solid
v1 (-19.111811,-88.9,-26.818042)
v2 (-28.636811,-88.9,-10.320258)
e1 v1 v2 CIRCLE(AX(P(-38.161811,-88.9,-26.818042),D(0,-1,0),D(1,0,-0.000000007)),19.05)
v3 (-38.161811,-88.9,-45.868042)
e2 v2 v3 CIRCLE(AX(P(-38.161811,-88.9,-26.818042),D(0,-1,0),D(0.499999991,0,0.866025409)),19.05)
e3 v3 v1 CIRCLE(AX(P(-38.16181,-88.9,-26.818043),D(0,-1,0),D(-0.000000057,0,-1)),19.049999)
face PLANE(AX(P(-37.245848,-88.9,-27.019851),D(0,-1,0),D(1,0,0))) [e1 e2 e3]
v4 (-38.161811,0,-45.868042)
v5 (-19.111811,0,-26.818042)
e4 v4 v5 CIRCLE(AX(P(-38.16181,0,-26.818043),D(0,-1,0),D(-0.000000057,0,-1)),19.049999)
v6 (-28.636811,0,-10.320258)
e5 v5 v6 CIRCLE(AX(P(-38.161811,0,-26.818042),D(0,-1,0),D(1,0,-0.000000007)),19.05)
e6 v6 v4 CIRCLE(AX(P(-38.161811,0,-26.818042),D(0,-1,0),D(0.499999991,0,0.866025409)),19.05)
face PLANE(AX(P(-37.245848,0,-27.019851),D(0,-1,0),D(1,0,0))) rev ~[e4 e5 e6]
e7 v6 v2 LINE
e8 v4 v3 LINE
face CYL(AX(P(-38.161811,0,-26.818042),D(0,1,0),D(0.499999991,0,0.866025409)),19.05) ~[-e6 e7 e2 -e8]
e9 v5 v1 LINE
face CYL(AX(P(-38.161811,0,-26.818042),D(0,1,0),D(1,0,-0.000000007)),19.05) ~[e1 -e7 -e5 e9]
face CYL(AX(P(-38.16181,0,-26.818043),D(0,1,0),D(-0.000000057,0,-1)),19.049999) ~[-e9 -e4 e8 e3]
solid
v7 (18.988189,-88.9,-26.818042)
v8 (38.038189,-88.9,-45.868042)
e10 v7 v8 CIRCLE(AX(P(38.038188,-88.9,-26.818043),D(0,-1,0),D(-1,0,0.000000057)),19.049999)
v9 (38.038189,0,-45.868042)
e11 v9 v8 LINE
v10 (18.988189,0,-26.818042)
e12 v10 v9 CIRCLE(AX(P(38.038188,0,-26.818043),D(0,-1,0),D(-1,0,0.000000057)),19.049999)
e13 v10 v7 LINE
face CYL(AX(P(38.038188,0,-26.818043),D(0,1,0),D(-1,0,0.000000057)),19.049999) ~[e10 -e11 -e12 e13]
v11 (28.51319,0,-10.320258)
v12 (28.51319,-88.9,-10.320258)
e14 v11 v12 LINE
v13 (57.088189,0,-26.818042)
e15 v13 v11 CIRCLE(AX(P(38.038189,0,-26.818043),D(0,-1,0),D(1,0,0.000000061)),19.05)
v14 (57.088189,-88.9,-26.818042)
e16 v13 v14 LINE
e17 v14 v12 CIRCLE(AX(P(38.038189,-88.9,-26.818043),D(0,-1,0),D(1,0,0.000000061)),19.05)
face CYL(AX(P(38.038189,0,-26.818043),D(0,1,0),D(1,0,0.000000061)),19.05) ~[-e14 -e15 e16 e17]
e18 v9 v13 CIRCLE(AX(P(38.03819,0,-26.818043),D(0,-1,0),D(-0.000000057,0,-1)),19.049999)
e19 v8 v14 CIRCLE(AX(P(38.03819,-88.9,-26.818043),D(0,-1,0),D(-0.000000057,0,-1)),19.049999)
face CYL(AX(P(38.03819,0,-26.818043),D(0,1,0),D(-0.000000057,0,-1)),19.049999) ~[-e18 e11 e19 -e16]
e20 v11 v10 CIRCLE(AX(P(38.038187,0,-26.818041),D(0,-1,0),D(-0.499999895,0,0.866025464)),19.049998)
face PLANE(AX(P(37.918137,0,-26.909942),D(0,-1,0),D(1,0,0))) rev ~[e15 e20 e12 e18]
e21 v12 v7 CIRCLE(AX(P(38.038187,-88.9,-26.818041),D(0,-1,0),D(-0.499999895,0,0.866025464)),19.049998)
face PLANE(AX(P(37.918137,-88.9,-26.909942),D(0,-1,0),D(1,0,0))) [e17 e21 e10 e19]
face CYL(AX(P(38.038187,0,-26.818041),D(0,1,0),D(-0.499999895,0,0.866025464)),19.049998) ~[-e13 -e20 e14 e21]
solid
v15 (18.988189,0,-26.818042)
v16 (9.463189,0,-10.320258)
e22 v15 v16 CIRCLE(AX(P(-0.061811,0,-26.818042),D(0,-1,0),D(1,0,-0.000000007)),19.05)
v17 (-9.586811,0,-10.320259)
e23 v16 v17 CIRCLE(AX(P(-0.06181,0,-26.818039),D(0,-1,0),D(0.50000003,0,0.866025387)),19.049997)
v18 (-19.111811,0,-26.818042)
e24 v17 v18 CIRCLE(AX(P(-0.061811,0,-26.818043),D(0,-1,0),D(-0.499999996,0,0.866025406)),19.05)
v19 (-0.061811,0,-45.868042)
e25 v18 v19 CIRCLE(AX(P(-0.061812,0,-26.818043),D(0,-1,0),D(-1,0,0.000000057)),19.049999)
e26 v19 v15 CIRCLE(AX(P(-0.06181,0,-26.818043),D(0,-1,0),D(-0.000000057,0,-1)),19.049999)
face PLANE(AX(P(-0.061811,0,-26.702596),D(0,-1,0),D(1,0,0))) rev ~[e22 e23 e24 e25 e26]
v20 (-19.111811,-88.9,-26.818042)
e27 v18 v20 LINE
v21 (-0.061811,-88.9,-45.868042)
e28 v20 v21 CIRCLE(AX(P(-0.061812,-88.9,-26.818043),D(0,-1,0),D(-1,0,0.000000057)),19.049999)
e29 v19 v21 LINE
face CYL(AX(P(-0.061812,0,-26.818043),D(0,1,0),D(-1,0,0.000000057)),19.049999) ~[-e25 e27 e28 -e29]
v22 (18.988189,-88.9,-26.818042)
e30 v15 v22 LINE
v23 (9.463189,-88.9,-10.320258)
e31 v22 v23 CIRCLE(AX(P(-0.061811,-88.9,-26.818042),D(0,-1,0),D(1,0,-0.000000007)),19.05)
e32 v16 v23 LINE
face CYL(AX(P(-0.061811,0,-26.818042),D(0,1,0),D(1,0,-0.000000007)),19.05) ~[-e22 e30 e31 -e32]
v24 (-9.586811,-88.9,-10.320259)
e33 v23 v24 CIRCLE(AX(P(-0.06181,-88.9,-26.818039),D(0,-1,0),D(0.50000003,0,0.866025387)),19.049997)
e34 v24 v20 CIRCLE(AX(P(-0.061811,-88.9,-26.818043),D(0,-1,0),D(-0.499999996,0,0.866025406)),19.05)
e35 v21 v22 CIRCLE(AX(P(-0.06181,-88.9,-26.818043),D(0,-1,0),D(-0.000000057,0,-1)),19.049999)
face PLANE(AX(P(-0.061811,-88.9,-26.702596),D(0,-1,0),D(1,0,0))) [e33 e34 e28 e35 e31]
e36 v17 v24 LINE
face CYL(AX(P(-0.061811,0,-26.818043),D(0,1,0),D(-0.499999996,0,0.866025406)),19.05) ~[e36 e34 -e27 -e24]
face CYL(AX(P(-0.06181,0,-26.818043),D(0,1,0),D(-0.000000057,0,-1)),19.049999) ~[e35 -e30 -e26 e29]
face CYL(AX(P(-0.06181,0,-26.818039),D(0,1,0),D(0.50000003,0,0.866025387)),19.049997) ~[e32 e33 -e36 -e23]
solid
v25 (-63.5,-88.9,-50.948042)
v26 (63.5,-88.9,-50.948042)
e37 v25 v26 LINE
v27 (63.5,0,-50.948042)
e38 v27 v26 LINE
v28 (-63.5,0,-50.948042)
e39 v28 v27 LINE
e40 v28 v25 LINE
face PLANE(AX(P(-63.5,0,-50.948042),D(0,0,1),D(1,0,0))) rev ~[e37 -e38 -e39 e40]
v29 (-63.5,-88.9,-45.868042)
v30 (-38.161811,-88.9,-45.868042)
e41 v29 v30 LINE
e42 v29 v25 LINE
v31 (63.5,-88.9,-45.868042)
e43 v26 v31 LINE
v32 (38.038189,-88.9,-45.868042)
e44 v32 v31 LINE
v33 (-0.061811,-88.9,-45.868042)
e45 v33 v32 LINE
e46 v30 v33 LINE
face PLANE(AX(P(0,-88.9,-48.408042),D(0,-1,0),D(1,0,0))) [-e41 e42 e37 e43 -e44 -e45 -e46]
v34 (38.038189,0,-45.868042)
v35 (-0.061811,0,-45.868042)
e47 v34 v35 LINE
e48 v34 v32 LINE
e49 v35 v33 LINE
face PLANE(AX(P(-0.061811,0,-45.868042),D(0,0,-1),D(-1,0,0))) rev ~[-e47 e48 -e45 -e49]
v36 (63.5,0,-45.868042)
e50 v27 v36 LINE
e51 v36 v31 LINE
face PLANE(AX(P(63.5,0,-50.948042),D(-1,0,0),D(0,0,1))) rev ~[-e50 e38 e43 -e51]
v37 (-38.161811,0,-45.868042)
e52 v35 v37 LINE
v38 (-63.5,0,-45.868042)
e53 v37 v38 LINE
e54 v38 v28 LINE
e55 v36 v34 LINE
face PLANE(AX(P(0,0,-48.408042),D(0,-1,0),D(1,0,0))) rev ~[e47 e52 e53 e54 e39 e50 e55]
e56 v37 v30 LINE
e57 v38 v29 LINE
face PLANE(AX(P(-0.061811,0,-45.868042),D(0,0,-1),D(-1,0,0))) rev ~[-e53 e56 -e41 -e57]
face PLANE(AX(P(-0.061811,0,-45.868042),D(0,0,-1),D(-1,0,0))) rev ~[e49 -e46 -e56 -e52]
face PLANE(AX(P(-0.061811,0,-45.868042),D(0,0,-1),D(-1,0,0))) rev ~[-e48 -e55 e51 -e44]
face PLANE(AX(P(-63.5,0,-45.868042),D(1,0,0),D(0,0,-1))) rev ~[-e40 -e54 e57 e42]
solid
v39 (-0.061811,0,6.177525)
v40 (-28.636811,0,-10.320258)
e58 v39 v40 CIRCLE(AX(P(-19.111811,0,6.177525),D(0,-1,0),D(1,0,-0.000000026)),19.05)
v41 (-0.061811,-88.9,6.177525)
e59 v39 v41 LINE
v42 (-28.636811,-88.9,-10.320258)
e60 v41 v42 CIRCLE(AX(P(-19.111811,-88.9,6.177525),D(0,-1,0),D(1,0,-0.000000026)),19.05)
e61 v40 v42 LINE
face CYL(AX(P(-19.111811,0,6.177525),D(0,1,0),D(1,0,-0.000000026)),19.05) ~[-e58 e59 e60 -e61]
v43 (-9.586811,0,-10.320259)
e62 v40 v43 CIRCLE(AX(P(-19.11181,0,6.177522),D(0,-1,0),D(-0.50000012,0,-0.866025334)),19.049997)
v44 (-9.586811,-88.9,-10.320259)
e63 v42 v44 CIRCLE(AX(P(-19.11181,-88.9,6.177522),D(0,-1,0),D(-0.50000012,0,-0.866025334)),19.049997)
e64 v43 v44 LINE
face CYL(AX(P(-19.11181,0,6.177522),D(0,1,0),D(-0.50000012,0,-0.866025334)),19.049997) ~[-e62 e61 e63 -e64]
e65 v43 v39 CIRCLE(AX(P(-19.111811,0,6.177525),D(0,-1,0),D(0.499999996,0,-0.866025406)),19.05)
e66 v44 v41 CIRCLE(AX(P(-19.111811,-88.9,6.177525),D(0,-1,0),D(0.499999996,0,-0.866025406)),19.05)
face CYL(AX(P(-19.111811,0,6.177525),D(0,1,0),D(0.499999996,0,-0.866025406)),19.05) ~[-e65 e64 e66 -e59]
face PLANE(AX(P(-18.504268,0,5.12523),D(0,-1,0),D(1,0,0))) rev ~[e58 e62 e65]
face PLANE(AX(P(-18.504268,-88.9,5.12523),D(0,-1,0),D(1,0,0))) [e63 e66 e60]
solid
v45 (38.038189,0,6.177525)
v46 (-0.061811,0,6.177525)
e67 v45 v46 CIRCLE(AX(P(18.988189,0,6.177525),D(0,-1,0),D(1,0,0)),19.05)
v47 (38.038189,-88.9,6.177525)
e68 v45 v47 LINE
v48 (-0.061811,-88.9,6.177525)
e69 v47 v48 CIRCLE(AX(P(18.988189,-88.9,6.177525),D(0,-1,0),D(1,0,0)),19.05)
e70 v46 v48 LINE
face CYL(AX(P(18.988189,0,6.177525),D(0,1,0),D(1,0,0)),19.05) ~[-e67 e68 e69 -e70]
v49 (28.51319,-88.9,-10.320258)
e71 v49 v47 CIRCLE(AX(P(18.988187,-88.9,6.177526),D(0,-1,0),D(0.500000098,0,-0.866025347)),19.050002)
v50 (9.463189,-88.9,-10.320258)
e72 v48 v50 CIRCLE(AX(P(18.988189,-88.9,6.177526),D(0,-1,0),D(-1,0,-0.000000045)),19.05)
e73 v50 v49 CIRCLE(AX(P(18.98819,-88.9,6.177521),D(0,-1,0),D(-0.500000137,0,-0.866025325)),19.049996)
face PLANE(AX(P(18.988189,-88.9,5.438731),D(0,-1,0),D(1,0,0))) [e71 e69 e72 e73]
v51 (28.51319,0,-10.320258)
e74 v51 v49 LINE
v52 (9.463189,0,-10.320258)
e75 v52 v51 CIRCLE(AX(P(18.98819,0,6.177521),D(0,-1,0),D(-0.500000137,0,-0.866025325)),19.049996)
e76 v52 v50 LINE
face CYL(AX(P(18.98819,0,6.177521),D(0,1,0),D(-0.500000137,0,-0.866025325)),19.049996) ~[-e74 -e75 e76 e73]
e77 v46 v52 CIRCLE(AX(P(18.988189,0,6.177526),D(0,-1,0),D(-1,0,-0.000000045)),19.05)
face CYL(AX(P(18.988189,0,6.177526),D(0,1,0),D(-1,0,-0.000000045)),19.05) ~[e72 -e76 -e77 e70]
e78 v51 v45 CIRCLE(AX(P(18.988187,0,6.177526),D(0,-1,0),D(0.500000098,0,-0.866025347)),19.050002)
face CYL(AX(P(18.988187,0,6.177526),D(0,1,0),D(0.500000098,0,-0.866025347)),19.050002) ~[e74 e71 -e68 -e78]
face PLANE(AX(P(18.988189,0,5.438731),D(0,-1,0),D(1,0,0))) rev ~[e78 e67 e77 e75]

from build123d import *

# Parameters (mm, degrees)
F1_DEPTH = 88.9


with BuildPart() as f1:
    # F0 (on Front) → F1 (new body)
    with BuildSketch(Plane.XZ):
        with BuildLine():
            ThreePointArc((-9.586811, -10.320259), (-2.614027, -3.347475), (-0.061811, 6.177525))
            ThreePointArc((-0.061811, 6.177525), (-28.636811, 22.675309), (-28.636811, -10.320258))
            ThreePointArc((-28.636811, -10.320258), (-19.111811, -12.872475), (-9.586811, -10.320259))
        make_face()
        with BuildLine():
            ThreePointArc((38.038189, 6.177525), (18.988189, 25.227525), (-0.061811, 6.177525))
            ThreePointArc((-0.061811, 6.177525), (2.490405, -3.347474), (9.463189, -10.320258))
            ThreePointArc((9.463189, -10.320258), (18.988189, -12.872475), (28.51319, -10.320258))
            ThreePointArc((28.51319, -10.320258), (35.485973, -3.347474), (38.038189, 6.177525))
        make_face()
        with BuildLine():
            ThreePointArc((9.463189, -10.320258), (-0.061811, -7.768042), (-9.586811, -10.320259))
            ThreePointArc((-9.586811, -10.320259), (-16.559595, -17.293043), (-19.111811, -26.818042))
            ThreePointArc((-19.111811, -26.818042), (-13.532195, -40.288427), (-0.061811, -45.868042))
            ThreePointArc((-0.061811, -45.868042), (13.408573, -40.288427), (18.988189, -26.818042))
            ThreePointArc((18.988189, -26.818042), (16.435973, -17.293042), (9.463189, -10.320258))
        make_face()
        with BuildLine():
            ThreePointArc((57.088189, -26.818042), (47.563189, -10.320259), (28.51319, -10.320258))
            ThreePointArc((28.51319, -10.320258), (21.540405, -17.293042), (18.988189, -26.818042))
            ThreePointArc((18.988189, -26.818042), (24.567805, -40.288427), (38.038189, -45.868042))
            ThreePointArc((38.038189, -45.868042), (51.508573, -40.288427), (57.088189, -26.818042))
        make_face()
        with BuildLine():
            ThreePointArc((-19.111811, -26.818042), (-21.664027, -17.293042), (-28.636811, -10.320258))
            ThreePointArc((-28.636811, -10.320258), (-56.562698, -21.88754), (-38.161811, -45.868042))
            ThreePointArc((-38.161811, -45.868042), (-24.691427, -40.288427), (-19.111811, -26.818042))
        make_face()
        Polygon((-0.061811, -45.868042), (-38.161811, -45.868042), (-63.5, -45.868042), (-63.5, -50.948042), (63.5, -50.948042), (63.5, -45.868042), (38.038189, -45.868042), align=None)
    extrude(amount=F1_DEPTH)


solid = f1.part
